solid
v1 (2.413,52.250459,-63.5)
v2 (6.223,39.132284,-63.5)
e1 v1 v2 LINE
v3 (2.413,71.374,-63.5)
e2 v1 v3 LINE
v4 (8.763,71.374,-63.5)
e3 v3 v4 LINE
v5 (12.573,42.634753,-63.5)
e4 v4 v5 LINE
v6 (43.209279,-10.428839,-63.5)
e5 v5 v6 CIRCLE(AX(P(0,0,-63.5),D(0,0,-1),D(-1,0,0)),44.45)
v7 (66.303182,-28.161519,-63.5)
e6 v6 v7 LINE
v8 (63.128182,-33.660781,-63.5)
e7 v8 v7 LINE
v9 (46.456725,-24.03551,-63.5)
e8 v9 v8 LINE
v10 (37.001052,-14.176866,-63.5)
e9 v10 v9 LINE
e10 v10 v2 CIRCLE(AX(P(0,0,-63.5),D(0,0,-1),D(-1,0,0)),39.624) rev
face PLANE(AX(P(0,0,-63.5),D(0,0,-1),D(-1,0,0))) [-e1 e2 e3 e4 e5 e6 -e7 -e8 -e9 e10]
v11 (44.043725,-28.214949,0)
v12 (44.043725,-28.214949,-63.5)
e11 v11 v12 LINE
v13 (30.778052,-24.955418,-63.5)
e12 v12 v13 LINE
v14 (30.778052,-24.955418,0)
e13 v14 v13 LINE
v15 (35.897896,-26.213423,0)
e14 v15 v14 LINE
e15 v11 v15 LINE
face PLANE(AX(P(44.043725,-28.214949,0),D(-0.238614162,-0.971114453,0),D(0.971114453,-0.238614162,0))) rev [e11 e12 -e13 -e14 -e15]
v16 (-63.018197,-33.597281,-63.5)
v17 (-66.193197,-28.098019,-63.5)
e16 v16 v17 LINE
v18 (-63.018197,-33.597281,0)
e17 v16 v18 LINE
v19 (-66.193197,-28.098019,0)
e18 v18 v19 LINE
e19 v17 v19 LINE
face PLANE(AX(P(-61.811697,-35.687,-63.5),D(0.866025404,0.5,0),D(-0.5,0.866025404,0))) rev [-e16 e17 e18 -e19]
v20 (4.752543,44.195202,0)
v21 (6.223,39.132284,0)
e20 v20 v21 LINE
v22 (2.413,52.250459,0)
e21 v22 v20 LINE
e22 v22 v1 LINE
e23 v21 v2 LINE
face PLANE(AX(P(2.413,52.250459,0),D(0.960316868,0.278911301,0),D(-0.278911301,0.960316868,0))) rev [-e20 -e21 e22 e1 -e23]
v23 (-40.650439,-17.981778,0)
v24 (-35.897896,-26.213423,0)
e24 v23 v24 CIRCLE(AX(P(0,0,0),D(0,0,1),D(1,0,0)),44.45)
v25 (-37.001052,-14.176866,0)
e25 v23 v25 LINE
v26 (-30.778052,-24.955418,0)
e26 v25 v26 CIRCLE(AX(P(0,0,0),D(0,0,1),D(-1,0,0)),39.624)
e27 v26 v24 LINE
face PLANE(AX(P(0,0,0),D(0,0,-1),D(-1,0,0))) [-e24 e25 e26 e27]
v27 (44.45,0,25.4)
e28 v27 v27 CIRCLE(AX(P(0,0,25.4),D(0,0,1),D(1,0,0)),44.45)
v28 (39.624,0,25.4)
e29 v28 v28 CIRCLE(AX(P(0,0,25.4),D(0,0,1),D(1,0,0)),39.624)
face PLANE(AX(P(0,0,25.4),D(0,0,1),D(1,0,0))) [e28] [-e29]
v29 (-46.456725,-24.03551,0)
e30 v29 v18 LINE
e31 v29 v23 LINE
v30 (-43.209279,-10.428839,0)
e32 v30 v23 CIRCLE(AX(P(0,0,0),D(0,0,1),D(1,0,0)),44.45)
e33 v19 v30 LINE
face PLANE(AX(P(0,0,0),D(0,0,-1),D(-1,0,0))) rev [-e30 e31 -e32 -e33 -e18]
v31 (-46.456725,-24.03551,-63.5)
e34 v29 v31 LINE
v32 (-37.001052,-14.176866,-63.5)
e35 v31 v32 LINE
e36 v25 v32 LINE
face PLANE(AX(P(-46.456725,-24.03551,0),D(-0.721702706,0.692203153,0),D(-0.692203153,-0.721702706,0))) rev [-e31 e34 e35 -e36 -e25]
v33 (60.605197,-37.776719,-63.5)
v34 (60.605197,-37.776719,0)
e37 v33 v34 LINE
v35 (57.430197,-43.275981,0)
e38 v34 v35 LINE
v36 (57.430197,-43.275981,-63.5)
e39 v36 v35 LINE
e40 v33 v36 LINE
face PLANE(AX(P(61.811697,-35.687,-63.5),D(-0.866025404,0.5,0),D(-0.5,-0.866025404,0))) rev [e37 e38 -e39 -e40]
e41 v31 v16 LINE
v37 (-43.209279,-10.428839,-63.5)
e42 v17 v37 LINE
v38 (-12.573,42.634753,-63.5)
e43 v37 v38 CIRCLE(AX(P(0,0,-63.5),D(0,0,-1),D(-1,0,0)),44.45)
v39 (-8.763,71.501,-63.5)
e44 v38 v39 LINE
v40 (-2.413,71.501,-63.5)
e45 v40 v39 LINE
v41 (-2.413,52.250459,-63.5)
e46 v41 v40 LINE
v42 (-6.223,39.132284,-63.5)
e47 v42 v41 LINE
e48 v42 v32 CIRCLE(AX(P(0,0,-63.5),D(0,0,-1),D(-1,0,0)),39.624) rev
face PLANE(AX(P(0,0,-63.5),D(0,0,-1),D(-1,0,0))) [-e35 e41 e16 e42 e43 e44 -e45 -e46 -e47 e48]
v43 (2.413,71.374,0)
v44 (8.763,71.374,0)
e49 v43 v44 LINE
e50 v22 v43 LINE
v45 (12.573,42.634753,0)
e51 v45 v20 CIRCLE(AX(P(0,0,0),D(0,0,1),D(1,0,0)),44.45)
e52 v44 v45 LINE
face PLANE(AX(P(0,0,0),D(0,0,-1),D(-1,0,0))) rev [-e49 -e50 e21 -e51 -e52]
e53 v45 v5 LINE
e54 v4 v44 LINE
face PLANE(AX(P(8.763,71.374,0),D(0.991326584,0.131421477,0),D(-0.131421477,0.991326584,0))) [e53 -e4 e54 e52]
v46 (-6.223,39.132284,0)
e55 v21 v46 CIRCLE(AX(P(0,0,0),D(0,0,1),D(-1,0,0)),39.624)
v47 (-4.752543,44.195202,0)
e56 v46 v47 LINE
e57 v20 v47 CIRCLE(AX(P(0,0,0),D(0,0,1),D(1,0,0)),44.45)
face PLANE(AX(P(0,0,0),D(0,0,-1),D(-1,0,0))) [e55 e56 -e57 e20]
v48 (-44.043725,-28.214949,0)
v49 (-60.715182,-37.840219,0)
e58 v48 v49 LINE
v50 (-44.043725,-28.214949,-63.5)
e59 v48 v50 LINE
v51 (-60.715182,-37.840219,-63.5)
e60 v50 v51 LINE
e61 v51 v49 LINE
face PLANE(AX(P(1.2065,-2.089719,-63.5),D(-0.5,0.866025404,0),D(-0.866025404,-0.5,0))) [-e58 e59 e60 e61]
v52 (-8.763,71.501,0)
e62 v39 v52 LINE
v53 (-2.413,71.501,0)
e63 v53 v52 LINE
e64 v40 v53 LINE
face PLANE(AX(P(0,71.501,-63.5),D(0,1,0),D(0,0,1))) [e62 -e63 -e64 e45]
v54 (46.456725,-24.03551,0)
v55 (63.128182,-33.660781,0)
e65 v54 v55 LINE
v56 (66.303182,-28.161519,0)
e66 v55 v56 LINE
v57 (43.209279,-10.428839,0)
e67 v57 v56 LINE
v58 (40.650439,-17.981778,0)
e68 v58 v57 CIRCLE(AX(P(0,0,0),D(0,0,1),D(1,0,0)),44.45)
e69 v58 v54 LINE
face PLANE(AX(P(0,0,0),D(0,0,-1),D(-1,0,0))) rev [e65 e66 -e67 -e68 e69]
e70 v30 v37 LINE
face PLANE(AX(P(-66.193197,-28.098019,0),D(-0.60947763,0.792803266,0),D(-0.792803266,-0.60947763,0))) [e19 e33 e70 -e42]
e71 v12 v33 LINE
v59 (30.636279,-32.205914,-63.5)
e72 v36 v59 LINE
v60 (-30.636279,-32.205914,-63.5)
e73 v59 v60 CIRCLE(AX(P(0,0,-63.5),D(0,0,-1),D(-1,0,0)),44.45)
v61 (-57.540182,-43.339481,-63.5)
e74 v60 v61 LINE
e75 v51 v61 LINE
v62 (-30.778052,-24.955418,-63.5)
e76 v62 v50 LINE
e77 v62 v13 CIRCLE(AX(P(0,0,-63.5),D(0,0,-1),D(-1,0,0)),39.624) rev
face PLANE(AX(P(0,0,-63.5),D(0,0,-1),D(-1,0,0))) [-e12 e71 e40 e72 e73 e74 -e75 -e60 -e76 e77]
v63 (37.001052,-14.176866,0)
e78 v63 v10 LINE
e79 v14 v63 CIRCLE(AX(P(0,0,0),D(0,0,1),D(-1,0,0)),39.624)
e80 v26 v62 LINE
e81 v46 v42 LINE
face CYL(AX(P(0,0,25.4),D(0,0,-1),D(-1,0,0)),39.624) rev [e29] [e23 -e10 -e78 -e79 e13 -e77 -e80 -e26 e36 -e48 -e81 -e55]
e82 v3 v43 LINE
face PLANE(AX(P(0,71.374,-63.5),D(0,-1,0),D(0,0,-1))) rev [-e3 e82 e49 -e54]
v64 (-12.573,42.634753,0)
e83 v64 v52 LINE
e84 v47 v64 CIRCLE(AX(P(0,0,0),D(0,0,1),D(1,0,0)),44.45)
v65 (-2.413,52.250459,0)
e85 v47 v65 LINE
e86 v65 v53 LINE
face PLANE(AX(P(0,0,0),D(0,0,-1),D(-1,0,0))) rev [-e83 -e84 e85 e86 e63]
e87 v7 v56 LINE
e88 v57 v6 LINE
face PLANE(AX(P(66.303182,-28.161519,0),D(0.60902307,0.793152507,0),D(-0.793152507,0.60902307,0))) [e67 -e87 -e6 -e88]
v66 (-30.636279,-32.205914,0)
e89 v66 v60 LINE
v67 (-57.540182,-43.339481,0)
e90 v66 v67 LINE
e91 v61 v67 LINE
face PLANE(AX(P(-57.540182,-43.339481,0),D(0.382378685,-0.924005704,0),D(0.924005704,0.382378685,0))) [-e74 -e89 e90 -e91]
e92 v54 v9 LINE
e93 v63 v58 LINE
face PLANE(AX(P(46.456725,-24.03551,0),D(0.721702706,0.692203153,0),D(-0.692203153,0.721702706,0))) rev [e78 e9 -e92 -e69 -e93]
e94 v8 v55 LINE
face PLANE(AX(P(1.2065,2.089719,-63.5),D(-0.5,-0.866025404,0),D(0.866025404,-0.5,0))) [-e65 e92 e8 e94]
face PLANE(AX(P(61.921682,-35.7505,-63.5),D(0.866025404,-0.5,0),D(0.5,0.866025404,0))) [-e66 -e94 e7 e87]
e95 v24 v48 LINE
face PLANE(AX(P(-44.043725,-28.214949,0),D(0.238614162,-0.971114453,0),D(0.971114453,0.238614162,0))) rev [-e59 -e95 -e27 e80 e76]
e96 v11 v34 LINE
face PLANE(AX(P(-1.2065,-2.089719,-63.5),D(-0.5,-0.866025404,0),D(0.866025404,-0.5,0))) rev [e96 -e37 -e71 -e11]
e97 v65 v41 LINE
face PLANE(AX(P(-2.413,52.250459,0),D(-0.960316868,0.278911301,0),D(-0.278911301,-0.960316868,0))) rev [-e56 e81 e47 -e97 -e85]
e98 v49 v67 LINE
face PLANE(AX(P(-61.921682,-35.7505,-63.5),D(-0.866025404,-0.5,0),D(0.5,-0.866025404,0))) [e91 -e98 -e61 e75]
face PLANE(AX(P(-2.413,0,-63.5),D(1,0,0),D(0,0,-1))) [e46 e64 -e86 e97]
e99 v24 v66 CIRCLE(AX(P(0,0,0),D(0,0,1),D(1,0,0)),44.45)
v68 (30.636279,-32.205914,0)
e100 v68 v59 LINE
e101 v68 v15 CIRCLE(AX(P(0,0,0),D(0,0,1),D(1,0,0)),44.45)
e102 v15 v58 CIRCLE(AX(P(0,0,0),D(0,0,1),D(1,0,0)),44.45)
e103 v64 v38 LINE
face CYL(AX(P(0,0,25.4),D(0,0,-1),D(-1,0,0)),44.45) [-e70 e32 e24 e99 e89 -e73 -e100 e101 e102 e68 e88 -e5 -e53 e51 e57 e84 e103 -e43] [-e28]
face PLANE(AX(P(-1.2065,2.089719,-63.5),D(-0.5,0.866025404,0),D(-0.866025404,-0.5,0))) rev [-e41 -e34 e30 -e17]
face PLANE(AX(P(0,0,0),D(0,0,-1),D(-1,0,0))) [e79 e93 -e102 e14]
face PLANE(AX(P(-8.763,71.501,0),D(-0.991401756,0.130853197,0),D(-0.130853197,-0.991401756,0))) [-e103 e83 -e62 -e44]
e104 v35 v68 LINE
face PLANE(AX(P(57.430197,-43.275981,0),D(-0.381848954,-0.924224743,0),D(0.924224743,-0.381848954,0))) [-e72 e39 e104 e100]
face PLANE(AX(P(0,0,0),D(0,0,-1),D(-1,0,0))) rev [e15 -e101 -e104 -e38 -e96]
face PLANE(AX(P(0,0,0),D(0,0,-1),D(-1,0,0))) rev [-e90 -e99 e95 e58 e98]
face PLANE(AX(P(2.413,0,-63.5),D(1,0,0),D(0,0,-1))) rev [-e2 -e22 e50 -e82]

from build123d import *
from build123d.topology import SkipClean

# Parameters (mm, degrees)
SKETCH1_R           = 44.45
SKETCH1_R_2         = 39.624
BOSS_EXTRUDE1_DEPTH = 25.4
BOSS_EXTRUDE2_START = 63.5
SKETCH2_R           = 39.624
BOSS_EXTRUDE2_DEPTH = 63.5
CUT_EXTRUDE1_DEPTH  = 63.5
BOSS_EXTRUDE3_DEPTH = 63.5


with BuildPart() as part:
    # Sketch1 → Boss-Extrude1 (new body)
    with BuildSketch(Plane.XY):
        Circle(SKETCH1_R)
        Circle(SKETCH1_R_2, mode=Mode.SUBTRACT)
    extrude(amount=BOSS_EXTRUDE1_DEPTH)

    # Sketch2 → Boss-Extrude2 (add)
    with SkipClean():  # the faces are left unmerged after this step: merging them gives an invalid solid
        with BuildSketch(Plane(origin=(0, 0, 0), x_dir=(-1, 0, 0), z_dir=(0, 0, -1)).offset(BOSS_EXTRUDE2_START)):
            with BuildLine():
                ThreePointArc((37.231566396, -24.28194728), (38.494829198, -22.225), (39.644566396, -20.102508681))
                Line((39.644566396, -20.102508681), (63.01819717, -33.597280701))
                Line((63.01819717, -33.597280701), (66.19319717, -28.098019387))
                Line((66.19319717, -28.098019387), (42.120859404, -14.199848698))
                ThreePointArc((42.120859404, -14.199848698), (38.494829198, 22.225), (8.763, 43.577658622))
                Line((8.763, 43.577658622), (8.763, 71.501))
                Line((8.763, 71.501), (2.413, 71.501))
                Line((2.413, 71.501), (2.413, 44.384455962))
                ThreePointArc((2.413, 44.384455962), (0, 44.45), (-2.413, 44.384455962))
                Line((-2.413, 44.384455962), (-2.413, 71.374))
                Line((-2.413, 71.374), (-8.763, 71.374))
                Line((-8.763, 71.374), (-8.763, 43.577658622))
                ThreePointArc((-8.763, 43.577658622), (-38.494829198, 22.225), (-42.120859404, -14.199848698))
                Line((-42.120859404, -14.199848698), (-66.303182396, -28.161519387))
                Line((-66.303182396, -28.161519387), (-63.128182396, -33.660780701))
                Line((-63.128182396, -33.660780701), (-39.644566396, -20.102508681))
                ThreePointArc((-39.644566396, -20.102508681), (-38.494829198, -22.225), (-37.231566396, -24.28194728))
                Line((-37.231566396, -24.28194728), (-60.60519717, -37.776719299))
                Line((-60.60519717, -37.776719299), (-57.43019717, -43.275980613))
                Line((-57.43019717, -43.275980613), (-33.357859404, -29.377809925))
                ThreePointArc((-33.357859404, -29.377809925), (0, -44.45), (33.357859404, -29.377809925))
                Line((33.357859404, -29.377809925), (57.540182396, -43.339480613))
                Line((57.540182396, -43.339480613), (60.715182396, -37.840219299))
                Line((60.715182396, -37.840219299), (37.231566396, -24.28194728))
            make_face()
            Circle(SKETCH2_R, mode=Mode.SUBTRACT)
        extrude(amount=-BOSS_EXTRUDE2_DEPTH)

    # Sketch3 → Cut-Extrude1 (cut)
    with SkipClean():  # the faces are left unmerged after this step: merging them gives an invalid solid
        with BuildSketch(Plane(origin=(0, 0, -63.5), x_dir=(-1, 0, 0), z_dir=(0, 0, -1))):
            with BuildLine():
                Line((-2.413, 52.250458999), (-2.413, 44.384455962))
                ThreePointArc((-2.413, 44.384455962), (0, 44.45), (2.413, 44.384455962))
                Line((2.413, 44.384455962), (2.413, 52.250458999))
                Line((2.413, 52.250458999), (6.223, 39.132283948))
                ThreePointArc((6.223, 39.132283948), (0, 39.624), (-6.223, 39.132283948))
                Line((-6.223, 39.132283948), (-2.413, 52.250458999))
            make_face()
            with BuildLine():
                Line((46.456724852, -24.0355102), (37.001052007, -14.176865886))
                ThreePointArc((37.001052007, -14.176865886), (34.3153906, -19.812), (30.778052007, -24.955418062))
                Line((30.778052007, -24.955418062), (44.043724852, -28.214948799))
                Line((44.043724852, -28.214948799), (37.231566396, -24.28194728))
                ThreePointArc((37.231566396, -24.28194728), (38.494829198, -22.225), (39.644566396, -20.102508681))
                Line((39.644566396, -20.102508681), (46.456724852, -24.0355102))
            make_face()
            with BuildLine():
                Line((-44.043724852, -28.214948799), (-30.778052007, -24.955418062))
                ThreePointArc((-30.778052007, -24.955418062), (-34.3153906, -19.812), (-37.001052007, -14.176865886))
                Line((-37.001052007, -14.176865886), (-46.456724852, -24.0355102))
                Line((-46.456724852, -24.0355102), (-39.644566396, -20.102508681))
                ThreePointArc((-39.644566396, -20.102508681), (-38.494829198, -22.225), (-37.231566396, -24.28194728))
                Line((-37.231566396, -24.28194728), (-44.043724852, -28.214948799))
            make_face()
        extrude(amount=-CUT_EXTRUDE1_DEPTH, mode=Mode.SUBTRACT)

    # Sketch4 → Boss-Extrude3 (add)
    with SkipClean():  # the faces are left unmerged after this step: merging them gives an invalid solid
        with BuildSketch(Plane(origin=(0, 0, -63.5), x_dir=(-1, 0, 0), z_dir=(0, 0, -1))):
            with BuildLine():
                Line((-66.303182396, -28.161519387), (-43.20927926, -10.428839143))
                ThreePointArc((-43.20927926, -10.428839143), (-42.706712228, -12.326363236), (-42.120859404, -14.199848698))
                Line((-42.120859404, -14.199848698), (-66.303182396, -28.161519387))
            make_face()
            with BuildLine():
                Line((-57.43019717, -43.275980613), (-30.63627926, -32.205913947))
                ThreePointArc((-30.63627926, -32.205913947), (-32.028299813, -30.821916084), (-33.357859404, -29.377809925))
                Line((-33.357859404, -29.377809925), (-57.43019717, -43.275980613))
            make_face()
            with BuildLine():
                Line((8.763, 71.501), (12.573, 42.634753089))
                ThreePointArc((12.573, 42.634753089), (10.678412415, 43.14827932), (8.763, 43.577658622))
                Line((8.763, 43.577658622), (8.763, 71.501))
            make_face()
            with BuildLine():
                Line((-8.763, 71.374), (-8.763, 43.577658622))
                ThreePointArc((-8.763, 43.577658622), (-10.678412415, 43.14827932), (-12.573, 42.634753089))
                Line((-12.573, 42.634753089), (-8.763, 71.374))
            make_face()
            with BuildLine():
                Line((57.540182396, -43.339480613), (30.63627926, -32.205913947))
                ThreePointArc((30.63627926, -32.205913947), (32.028299813, -30.821916084), (33.357859404, -29.377809925))
                Line((33.357859404, -29.377809925), (57.540182396, -43.339480613))
            make_face()
            with BuildLine():
                Line((66.19319717, -28.098019387), (42.120859404, -14.199848698))
                ThreePointArc((42.120859404, -14.199848698), (42.706712228, -12.326363236), (43.20927926, -10.428839143))
                Line((43.20927926, -10.428839143), (66.19319717, -28.098019387))
            make_face()
        extrude(amount=-BOSS_EXTRUDE3_DEPTH)


solid = part.part
